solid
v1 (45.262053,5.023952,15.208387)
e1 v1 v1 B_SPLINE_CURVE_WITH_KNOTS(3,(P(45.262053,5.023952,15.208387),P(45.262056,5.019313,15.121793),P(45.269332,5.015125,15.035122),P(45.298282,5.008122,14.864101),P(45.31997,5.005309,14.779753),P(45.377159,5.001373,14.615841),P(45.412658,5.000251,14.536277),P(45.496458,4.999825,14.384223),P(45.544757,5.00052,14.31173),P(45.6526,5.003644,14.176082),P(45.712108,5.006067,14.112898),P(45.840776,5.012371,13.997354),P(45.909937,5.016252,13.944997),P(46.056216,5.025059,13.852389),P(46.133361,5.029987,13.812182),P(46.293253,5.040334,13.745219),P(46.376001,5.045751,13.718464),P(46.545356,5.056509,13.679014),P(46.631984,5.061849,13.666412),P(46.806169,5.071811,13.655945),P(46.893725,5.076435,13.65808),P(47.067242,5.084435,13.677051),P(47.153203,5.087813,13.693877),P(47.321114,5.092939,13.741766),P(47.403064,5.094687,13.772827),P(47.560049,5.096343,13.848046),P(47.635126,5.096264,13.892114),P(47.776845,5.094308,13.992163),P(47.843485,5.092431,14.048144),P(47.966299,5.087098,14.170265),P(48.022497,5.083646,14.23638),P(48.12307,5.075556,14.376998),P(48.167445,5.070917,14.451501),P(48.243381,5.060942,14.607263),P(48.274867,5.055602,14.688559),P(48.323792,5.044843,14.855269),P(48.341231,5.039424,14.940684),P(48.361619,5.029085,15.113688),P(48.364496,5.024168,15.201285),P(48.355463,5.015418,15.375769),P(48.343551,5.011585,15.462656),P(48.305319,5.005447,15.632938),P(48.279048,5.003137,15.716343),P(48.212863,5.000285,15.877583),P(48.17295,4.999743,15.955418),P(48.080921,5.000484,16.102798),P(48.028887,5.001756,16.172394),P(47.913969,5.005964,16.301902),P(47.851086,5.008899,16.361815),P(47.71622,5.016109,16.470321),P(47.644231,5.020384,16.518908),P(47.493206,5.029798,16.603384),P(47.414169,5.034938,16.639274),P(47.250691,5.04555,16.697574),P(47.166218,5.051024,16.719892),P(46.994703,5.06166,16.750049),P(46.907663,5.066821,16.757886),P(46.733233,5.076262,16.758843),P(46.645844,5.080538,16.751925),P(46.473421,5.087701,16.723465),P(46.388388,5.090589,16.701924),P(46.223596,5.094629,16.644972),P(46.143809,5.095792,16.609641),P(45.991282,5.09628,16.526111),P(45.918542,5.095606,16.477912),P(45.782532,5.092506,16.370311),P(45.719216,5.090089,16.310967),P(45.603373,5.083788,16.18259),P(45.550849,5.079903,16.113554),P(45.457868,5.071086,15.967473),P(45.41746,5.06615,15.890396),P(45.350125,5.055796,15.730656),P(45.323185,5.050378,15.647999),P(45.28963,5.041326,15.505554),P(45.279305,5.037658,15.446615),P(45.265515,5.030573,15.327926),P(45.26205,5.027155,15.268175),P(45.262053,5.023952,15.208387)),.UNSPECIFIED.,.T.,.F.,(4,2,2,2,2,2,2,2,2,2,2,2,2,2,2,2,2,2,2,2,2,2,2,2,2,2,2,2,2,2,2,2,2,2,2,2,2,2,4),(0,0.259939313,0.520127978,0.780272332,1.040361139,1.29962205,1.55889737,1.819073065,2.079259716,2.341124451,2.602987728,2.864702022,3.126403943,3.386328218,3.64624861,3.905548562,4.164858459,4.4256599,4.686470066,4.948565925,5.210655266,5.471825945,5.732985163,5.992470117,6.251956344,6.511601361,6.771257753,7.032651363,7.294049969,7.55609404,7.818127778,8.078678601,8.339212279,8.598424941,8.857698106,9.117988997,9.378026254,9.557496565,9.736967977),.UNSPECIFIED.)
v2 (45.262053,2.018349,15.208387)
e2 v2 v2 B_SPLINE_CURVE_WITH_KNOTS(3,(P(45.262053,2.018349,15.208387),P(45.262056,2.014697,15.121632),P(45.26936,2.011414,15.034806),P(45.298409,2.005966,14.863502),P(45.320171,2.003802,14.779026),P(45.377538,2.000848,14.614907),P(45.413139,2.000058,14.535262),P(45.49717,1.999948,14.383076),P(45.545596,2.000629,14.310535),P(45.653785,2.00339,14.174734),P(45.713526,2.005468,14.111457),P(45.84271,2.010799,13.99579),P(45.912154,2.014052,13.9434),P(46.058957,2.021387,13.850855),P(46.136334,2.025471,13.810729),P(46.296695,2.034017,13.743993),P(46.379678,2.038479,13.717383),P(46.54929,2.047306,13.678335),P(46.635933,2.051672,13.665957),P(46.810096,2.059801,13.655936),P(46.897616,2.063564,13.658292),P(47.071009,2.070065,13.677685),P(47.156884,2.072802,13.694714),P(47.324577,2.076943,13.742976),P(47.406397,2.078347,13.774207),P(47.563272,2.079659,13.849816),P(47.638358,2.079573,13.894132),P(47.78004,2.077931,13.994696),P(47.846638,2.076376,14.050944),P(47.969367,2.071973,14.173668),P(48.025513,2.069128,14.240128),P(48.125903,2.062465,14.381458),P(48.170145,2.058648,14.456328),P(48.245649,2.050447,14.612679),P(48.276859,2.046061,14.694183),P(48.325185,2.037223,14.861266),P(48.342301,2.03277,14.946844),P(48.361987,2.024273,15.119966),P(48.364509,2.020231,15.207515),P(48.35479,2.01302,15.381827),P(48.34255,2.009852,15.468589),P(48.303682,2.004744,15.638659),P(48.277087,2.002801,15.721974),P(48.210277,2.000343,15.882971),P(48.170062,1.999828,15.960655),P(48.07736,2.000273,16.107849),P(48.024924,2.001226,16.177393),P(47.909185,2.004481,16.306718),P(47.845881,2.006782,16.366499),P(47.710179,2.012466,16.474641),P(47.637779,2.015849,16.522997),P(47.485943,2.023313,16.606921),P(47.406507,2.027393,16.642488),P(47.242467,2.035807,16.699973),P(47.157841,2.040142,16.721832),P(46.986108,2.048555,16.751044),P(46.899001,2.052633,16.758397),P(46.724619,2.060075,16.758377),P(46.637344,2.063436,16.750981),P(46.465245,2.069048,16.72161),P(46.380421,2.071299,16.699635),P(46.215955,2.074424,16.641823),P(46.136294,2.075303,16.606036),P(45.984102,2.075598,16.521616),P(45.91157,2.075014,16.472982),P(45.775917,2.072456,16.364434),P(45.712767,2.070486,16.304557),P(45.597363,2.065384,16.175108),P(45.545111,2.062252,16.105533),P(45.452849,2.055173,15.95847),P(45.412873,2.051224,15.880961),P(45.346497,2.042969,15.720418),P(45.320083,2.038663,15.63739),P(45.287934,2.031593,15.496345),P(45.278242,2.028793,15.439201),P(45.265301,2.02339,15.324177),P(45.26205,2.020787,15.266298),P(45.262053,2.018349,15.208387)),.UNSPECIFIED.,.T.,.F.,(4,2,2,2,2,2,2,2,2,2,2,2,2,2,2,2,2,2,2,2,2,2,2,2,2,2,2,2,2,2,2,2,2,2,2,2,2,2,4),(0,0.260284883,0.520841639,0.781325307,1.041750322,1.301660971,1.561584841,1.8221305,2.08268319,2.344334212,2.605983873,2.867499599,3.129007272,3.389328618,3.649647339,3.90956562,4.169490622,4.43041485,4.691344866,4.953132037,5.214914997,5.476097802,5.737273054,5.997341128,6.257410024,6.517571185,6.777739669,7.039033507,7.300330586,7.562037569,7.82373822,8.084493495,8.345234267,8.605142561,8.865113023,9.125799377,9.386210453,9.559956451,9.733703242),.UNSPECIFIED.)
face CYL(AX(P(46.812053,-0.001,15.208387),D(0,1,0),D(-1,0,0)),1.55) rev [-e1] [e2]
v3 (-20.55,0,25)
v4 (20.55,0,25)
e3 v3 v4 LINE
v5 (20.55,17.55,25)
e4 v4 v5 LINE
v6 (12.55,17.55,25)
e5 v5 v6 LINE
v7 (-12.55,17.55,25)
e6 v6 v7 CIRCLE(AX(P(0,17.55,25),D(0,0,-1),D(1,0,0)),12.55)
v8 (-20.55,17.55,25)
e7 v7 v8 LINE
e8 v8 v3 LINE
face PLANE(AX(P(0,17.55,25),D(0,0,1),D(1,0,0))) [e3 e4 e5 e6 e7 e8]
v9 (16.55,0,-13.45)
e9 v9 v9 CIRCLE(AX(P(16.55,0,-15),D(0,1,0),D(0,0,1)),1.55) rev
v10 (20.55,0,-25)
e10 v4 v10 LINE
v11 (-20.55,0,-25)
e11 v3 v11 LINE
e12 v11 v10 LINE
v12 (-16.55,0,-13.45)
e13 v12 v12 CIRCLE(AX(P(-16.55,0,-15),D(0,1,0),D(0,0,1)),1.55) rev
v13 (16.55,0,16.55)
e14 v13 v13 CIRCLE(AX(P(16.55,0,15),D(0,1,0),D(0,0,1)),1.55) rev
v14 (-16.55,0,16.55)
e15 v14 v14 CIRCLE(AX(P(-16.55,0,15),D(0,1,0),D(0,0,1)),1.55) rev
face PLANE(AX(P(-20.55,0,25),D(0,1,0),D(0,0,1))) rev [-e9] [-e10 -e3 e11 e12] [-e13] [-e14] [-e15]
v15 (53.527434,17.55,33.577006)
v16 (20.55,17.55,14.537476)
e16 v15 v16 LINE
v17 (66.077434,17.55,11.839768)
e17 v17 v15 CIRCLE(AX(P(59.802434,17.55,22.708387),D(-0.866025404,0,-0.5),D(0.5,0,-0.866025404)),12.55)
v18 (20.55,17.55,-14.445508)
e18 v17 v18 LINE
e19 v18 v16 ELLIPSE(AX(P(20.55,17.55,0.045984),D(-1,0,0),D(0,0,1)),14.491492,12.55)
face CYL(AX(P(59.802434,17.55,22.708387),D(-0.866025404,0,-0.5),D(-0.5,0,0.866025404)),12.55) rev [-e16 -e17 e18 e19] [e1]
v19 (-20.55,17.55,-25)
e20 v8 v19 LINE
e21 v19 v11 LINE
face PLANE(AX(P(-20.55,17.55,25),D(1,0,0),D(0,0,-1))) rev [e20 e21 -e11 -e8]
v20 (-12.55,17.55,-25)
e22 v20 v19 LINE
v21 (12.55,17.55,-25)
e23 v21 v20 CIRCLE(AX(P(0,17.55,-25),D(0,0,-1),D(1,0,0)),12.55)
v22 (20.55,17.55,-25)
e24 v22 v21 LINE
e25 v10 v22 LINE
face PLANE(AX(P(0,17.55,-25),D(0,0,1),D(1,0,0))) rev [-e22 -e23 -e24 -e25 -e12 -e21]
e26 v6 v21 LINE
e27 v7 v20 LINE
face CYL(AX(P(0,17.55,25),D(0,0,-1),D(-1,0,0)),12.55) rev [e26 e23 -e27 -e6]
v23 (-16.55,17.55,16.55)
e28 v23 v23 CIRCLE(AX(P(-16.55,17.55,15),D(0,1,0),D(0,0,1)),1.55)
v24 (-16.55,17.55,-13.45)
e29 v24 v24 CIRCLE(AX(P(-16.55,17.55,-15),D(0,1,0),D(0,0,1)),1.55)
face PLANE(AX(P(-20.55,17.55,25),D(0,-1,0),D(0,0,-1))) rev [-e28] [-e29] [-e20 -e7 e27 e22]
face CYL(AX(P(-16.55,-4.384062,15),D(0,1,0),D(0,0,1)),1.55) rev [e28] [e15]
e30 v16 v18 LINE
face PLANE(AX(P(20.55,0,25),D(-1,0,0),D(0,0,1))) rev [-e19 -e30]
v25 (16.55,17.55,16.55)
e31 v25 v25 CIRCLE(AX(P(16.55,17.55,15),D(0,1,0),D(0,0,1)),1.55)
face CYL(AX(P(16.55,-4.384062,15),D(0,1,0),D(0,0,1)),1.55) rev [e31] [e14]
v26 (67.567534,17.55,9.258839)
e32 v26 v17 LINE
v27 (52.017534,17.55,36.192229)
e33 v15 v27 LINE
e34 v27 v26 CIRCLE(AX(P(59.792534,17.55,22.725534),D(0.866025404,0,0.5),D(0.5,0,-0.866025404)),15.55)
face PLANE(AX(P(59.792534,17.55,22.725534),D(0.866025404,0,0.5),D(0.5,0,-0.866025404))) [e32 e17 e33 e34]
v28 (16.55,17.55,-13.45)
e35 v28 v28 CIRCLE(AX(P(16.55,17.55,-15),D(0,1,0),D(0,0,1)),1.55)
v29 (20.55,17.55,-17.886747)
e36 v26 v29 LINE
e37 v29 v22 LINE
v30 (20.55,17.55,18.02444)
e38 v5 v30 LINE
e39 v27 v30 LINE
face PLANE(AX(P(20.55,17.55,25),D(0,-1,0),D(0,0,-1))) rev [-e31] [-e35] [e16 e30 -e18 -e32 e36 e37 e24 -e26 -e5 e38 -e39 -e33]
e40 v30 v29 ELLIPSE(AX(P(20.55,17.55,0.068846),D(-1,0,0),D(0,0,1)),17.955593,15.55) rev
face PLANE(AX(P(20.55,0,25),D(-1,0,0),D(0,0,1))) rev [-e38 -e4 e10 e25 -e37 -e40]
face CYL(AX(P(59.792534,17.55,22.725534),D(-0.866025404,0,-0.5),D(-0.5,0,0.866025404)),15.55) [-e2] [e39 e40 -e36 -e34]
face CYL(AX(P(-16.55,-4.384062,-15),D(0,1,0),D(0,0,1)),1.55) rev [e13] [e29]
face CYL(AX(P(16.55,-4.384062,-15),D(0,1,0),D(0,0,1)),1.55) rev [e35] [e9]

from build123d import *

# Parameters (mm, degrees)
BOSS_EXTRUDE1_DEPTH             = 25
SKETCH2_R                       = 1.55
CUT_EXTRUDE1_DEPTH              = 17.55
BOSS_EXTRUDE2_REACH             = 68.8
BOSS_EXTRUDE2_DIRECTION_2_DEPTH = 30
CUT_EXTRUDE2_REACH              = 80.634
CUT_EXTRUDE2_END_RADIUS         = 15.55
SKETCH7_R                       = 1.55


with BuildPart() as part:
    # Sketch1 → Boss-Extrude1 (new, symmetric)
    with BuildSketch(Plane.XY):
        with BuildLine():
            Line((-20.55, 17.55), (-20.55, 0))
            Line((-20.55, 0), (20.55, 0))
            Line((20.55, 0), (20.55, 17.55))
            Line((20.55, 17.55), (12.55, 17.55))
            ThreePointArc((12.55, 17.55), (0, 5), (-12.55, 17.55))
            Line((-12.55, 17.55), (-20.55, 17.55))
        make_face()
    extrude(amount=BOSS_EXTRUDE1_DEPTH, both=True)

    # Sketch2 → Cut-Extrude1 (cut)
    with BuildSketch(Plane(origin=(0, 17.55, 0), x_dir=(1, 0, 0), z_dir=(0, 1, 0))):
        with Locations(Location((-16.55, 15, 0), (0, 0, 270))):
            Circle(SKETCH2_R)
        with Locations(Location((16.55, 15, 0), (0, 0, 270))):
            Circle(SKETCH2_R)
        with Locations(Location((16.55, -15, 0), (0, 0, 270))):
            Circle(SKETCH2_R)
        with Locations(Location((-16.55, -15, 0), (0, 0, 270))):
            Circle(SKETCH2_R)
    extrude(amount=-CUT_EXTRUDE1_DEPTH, mode=Mode.SUBTRACT)

    # Boss-Extrude2: up to this plane
    boss_extrude2_end = Plane(origin=(20.55, 0, 25), z_dir=(-1, 0, 0))
    # Sketch5 → Boss-Extrude2 (add, up to the surface)
    with BuildSketch(Plane(origin=(28.704083189, 0, 16.572310156), x_dir=(0.500000000000001, 0, -0.8660254037844382), z_dir=(0.866025403784438, 0, 0.5000000000000009)), mode=Mode.PRIVATE) as boss_extrude2_sk1:
        with BuildLine():
            Line((-5.334622532, 17.55), (-2.314823147, 17.55))
            ThreePointArc((-2.314823147, 17.55), (10.235176853, 5), (22.785176853, 17.55))
            Line((22.785176853, 17.55), (25.765377468, 17.55))
            ThreePointArc((25.765377468, 17.55), (10.215377468, 2), (-5.334622532, 17.55))
        make_face()
    boss_extrude2_tool1 = split(extrude(boss_extrude2_sk1.sketch, amount=-BOSS_EXTRUDE2_REACH, mode=Mode.PRIVATE), bisect_by=boss_extrude2_end, keep=Keep.BOTH, mode=Mode.PRIVATE)
    add(boss_extrude2_tool1.solids().sort_by_distance((33.811772, 2.347709, 7.725534))[0])

    # Sketch5 → Boss-Extrude2 direction 2 (add)
    with BuildSketch(Plane(origin=(28.704083189, 0, 16.572310156), x_dir=(0.500000000000001, 0, -0.8660254037844382), z_dir=(0.866025403784438, 0, 0.5000000000000009))):
        with BuildLine():
            Line((-5.334622532, 17.55), (-2.314823147, 17.55))
            ThreePointArc((-2.314823147, 17.55), (10.235176853, 5), (22.785176853, 17.55))
            Line((22.785176853, 17.55), (25.765377468, 17.55))
            ThreePointArc((25.765377468, 17.55), (10.215377468, 2), (-5.334622532, 17.55))
        make_face()
    extrude(amount=BOSS_EXTRUDE2_DIRECTION_2_DEPTH)

    # Cut-Extrude2: up to this cylinder (the profile starts inside it)
    cut_extrude2_end = Plane(origin=(46.802153231, 17.55, 15.225533904), z_dir=(-0.8660254037844382, 0, -0.500000000000001)) * Cylinder(CUT_EXTRUDE2_END_RADIUS, 193.368, mode=Mode.PRIVATE)
    # Sketch7 → Cut-Extrude2 (cut, up to the surface)
    with BuildSketch(Plane(origin=(0, 17.55, 0), x_dir=(1, 0, 0), z_dir=(0, 1, 0)), mode=Mode.PRIVATE) as cut_extrude2_sk1:
        with Locations(Location((46.812052672, -15.20838699, 0), (0, 0, 180))):
            Circle(SKETCH7_R)
    cut_extrude2_tool1 = extrude(cut_extrude2_sk1.sketch, amount=-CUT_EXTRUDE2_REACH, mode=Mode.PRIVATE) & cut_extrude2_end
    add(cut_extrude2_tool1.solids().sort_by_distance((46.812053, 17.55, 15.208387))[0], mode=Mode.SUBTRACT)


solid = part.part
